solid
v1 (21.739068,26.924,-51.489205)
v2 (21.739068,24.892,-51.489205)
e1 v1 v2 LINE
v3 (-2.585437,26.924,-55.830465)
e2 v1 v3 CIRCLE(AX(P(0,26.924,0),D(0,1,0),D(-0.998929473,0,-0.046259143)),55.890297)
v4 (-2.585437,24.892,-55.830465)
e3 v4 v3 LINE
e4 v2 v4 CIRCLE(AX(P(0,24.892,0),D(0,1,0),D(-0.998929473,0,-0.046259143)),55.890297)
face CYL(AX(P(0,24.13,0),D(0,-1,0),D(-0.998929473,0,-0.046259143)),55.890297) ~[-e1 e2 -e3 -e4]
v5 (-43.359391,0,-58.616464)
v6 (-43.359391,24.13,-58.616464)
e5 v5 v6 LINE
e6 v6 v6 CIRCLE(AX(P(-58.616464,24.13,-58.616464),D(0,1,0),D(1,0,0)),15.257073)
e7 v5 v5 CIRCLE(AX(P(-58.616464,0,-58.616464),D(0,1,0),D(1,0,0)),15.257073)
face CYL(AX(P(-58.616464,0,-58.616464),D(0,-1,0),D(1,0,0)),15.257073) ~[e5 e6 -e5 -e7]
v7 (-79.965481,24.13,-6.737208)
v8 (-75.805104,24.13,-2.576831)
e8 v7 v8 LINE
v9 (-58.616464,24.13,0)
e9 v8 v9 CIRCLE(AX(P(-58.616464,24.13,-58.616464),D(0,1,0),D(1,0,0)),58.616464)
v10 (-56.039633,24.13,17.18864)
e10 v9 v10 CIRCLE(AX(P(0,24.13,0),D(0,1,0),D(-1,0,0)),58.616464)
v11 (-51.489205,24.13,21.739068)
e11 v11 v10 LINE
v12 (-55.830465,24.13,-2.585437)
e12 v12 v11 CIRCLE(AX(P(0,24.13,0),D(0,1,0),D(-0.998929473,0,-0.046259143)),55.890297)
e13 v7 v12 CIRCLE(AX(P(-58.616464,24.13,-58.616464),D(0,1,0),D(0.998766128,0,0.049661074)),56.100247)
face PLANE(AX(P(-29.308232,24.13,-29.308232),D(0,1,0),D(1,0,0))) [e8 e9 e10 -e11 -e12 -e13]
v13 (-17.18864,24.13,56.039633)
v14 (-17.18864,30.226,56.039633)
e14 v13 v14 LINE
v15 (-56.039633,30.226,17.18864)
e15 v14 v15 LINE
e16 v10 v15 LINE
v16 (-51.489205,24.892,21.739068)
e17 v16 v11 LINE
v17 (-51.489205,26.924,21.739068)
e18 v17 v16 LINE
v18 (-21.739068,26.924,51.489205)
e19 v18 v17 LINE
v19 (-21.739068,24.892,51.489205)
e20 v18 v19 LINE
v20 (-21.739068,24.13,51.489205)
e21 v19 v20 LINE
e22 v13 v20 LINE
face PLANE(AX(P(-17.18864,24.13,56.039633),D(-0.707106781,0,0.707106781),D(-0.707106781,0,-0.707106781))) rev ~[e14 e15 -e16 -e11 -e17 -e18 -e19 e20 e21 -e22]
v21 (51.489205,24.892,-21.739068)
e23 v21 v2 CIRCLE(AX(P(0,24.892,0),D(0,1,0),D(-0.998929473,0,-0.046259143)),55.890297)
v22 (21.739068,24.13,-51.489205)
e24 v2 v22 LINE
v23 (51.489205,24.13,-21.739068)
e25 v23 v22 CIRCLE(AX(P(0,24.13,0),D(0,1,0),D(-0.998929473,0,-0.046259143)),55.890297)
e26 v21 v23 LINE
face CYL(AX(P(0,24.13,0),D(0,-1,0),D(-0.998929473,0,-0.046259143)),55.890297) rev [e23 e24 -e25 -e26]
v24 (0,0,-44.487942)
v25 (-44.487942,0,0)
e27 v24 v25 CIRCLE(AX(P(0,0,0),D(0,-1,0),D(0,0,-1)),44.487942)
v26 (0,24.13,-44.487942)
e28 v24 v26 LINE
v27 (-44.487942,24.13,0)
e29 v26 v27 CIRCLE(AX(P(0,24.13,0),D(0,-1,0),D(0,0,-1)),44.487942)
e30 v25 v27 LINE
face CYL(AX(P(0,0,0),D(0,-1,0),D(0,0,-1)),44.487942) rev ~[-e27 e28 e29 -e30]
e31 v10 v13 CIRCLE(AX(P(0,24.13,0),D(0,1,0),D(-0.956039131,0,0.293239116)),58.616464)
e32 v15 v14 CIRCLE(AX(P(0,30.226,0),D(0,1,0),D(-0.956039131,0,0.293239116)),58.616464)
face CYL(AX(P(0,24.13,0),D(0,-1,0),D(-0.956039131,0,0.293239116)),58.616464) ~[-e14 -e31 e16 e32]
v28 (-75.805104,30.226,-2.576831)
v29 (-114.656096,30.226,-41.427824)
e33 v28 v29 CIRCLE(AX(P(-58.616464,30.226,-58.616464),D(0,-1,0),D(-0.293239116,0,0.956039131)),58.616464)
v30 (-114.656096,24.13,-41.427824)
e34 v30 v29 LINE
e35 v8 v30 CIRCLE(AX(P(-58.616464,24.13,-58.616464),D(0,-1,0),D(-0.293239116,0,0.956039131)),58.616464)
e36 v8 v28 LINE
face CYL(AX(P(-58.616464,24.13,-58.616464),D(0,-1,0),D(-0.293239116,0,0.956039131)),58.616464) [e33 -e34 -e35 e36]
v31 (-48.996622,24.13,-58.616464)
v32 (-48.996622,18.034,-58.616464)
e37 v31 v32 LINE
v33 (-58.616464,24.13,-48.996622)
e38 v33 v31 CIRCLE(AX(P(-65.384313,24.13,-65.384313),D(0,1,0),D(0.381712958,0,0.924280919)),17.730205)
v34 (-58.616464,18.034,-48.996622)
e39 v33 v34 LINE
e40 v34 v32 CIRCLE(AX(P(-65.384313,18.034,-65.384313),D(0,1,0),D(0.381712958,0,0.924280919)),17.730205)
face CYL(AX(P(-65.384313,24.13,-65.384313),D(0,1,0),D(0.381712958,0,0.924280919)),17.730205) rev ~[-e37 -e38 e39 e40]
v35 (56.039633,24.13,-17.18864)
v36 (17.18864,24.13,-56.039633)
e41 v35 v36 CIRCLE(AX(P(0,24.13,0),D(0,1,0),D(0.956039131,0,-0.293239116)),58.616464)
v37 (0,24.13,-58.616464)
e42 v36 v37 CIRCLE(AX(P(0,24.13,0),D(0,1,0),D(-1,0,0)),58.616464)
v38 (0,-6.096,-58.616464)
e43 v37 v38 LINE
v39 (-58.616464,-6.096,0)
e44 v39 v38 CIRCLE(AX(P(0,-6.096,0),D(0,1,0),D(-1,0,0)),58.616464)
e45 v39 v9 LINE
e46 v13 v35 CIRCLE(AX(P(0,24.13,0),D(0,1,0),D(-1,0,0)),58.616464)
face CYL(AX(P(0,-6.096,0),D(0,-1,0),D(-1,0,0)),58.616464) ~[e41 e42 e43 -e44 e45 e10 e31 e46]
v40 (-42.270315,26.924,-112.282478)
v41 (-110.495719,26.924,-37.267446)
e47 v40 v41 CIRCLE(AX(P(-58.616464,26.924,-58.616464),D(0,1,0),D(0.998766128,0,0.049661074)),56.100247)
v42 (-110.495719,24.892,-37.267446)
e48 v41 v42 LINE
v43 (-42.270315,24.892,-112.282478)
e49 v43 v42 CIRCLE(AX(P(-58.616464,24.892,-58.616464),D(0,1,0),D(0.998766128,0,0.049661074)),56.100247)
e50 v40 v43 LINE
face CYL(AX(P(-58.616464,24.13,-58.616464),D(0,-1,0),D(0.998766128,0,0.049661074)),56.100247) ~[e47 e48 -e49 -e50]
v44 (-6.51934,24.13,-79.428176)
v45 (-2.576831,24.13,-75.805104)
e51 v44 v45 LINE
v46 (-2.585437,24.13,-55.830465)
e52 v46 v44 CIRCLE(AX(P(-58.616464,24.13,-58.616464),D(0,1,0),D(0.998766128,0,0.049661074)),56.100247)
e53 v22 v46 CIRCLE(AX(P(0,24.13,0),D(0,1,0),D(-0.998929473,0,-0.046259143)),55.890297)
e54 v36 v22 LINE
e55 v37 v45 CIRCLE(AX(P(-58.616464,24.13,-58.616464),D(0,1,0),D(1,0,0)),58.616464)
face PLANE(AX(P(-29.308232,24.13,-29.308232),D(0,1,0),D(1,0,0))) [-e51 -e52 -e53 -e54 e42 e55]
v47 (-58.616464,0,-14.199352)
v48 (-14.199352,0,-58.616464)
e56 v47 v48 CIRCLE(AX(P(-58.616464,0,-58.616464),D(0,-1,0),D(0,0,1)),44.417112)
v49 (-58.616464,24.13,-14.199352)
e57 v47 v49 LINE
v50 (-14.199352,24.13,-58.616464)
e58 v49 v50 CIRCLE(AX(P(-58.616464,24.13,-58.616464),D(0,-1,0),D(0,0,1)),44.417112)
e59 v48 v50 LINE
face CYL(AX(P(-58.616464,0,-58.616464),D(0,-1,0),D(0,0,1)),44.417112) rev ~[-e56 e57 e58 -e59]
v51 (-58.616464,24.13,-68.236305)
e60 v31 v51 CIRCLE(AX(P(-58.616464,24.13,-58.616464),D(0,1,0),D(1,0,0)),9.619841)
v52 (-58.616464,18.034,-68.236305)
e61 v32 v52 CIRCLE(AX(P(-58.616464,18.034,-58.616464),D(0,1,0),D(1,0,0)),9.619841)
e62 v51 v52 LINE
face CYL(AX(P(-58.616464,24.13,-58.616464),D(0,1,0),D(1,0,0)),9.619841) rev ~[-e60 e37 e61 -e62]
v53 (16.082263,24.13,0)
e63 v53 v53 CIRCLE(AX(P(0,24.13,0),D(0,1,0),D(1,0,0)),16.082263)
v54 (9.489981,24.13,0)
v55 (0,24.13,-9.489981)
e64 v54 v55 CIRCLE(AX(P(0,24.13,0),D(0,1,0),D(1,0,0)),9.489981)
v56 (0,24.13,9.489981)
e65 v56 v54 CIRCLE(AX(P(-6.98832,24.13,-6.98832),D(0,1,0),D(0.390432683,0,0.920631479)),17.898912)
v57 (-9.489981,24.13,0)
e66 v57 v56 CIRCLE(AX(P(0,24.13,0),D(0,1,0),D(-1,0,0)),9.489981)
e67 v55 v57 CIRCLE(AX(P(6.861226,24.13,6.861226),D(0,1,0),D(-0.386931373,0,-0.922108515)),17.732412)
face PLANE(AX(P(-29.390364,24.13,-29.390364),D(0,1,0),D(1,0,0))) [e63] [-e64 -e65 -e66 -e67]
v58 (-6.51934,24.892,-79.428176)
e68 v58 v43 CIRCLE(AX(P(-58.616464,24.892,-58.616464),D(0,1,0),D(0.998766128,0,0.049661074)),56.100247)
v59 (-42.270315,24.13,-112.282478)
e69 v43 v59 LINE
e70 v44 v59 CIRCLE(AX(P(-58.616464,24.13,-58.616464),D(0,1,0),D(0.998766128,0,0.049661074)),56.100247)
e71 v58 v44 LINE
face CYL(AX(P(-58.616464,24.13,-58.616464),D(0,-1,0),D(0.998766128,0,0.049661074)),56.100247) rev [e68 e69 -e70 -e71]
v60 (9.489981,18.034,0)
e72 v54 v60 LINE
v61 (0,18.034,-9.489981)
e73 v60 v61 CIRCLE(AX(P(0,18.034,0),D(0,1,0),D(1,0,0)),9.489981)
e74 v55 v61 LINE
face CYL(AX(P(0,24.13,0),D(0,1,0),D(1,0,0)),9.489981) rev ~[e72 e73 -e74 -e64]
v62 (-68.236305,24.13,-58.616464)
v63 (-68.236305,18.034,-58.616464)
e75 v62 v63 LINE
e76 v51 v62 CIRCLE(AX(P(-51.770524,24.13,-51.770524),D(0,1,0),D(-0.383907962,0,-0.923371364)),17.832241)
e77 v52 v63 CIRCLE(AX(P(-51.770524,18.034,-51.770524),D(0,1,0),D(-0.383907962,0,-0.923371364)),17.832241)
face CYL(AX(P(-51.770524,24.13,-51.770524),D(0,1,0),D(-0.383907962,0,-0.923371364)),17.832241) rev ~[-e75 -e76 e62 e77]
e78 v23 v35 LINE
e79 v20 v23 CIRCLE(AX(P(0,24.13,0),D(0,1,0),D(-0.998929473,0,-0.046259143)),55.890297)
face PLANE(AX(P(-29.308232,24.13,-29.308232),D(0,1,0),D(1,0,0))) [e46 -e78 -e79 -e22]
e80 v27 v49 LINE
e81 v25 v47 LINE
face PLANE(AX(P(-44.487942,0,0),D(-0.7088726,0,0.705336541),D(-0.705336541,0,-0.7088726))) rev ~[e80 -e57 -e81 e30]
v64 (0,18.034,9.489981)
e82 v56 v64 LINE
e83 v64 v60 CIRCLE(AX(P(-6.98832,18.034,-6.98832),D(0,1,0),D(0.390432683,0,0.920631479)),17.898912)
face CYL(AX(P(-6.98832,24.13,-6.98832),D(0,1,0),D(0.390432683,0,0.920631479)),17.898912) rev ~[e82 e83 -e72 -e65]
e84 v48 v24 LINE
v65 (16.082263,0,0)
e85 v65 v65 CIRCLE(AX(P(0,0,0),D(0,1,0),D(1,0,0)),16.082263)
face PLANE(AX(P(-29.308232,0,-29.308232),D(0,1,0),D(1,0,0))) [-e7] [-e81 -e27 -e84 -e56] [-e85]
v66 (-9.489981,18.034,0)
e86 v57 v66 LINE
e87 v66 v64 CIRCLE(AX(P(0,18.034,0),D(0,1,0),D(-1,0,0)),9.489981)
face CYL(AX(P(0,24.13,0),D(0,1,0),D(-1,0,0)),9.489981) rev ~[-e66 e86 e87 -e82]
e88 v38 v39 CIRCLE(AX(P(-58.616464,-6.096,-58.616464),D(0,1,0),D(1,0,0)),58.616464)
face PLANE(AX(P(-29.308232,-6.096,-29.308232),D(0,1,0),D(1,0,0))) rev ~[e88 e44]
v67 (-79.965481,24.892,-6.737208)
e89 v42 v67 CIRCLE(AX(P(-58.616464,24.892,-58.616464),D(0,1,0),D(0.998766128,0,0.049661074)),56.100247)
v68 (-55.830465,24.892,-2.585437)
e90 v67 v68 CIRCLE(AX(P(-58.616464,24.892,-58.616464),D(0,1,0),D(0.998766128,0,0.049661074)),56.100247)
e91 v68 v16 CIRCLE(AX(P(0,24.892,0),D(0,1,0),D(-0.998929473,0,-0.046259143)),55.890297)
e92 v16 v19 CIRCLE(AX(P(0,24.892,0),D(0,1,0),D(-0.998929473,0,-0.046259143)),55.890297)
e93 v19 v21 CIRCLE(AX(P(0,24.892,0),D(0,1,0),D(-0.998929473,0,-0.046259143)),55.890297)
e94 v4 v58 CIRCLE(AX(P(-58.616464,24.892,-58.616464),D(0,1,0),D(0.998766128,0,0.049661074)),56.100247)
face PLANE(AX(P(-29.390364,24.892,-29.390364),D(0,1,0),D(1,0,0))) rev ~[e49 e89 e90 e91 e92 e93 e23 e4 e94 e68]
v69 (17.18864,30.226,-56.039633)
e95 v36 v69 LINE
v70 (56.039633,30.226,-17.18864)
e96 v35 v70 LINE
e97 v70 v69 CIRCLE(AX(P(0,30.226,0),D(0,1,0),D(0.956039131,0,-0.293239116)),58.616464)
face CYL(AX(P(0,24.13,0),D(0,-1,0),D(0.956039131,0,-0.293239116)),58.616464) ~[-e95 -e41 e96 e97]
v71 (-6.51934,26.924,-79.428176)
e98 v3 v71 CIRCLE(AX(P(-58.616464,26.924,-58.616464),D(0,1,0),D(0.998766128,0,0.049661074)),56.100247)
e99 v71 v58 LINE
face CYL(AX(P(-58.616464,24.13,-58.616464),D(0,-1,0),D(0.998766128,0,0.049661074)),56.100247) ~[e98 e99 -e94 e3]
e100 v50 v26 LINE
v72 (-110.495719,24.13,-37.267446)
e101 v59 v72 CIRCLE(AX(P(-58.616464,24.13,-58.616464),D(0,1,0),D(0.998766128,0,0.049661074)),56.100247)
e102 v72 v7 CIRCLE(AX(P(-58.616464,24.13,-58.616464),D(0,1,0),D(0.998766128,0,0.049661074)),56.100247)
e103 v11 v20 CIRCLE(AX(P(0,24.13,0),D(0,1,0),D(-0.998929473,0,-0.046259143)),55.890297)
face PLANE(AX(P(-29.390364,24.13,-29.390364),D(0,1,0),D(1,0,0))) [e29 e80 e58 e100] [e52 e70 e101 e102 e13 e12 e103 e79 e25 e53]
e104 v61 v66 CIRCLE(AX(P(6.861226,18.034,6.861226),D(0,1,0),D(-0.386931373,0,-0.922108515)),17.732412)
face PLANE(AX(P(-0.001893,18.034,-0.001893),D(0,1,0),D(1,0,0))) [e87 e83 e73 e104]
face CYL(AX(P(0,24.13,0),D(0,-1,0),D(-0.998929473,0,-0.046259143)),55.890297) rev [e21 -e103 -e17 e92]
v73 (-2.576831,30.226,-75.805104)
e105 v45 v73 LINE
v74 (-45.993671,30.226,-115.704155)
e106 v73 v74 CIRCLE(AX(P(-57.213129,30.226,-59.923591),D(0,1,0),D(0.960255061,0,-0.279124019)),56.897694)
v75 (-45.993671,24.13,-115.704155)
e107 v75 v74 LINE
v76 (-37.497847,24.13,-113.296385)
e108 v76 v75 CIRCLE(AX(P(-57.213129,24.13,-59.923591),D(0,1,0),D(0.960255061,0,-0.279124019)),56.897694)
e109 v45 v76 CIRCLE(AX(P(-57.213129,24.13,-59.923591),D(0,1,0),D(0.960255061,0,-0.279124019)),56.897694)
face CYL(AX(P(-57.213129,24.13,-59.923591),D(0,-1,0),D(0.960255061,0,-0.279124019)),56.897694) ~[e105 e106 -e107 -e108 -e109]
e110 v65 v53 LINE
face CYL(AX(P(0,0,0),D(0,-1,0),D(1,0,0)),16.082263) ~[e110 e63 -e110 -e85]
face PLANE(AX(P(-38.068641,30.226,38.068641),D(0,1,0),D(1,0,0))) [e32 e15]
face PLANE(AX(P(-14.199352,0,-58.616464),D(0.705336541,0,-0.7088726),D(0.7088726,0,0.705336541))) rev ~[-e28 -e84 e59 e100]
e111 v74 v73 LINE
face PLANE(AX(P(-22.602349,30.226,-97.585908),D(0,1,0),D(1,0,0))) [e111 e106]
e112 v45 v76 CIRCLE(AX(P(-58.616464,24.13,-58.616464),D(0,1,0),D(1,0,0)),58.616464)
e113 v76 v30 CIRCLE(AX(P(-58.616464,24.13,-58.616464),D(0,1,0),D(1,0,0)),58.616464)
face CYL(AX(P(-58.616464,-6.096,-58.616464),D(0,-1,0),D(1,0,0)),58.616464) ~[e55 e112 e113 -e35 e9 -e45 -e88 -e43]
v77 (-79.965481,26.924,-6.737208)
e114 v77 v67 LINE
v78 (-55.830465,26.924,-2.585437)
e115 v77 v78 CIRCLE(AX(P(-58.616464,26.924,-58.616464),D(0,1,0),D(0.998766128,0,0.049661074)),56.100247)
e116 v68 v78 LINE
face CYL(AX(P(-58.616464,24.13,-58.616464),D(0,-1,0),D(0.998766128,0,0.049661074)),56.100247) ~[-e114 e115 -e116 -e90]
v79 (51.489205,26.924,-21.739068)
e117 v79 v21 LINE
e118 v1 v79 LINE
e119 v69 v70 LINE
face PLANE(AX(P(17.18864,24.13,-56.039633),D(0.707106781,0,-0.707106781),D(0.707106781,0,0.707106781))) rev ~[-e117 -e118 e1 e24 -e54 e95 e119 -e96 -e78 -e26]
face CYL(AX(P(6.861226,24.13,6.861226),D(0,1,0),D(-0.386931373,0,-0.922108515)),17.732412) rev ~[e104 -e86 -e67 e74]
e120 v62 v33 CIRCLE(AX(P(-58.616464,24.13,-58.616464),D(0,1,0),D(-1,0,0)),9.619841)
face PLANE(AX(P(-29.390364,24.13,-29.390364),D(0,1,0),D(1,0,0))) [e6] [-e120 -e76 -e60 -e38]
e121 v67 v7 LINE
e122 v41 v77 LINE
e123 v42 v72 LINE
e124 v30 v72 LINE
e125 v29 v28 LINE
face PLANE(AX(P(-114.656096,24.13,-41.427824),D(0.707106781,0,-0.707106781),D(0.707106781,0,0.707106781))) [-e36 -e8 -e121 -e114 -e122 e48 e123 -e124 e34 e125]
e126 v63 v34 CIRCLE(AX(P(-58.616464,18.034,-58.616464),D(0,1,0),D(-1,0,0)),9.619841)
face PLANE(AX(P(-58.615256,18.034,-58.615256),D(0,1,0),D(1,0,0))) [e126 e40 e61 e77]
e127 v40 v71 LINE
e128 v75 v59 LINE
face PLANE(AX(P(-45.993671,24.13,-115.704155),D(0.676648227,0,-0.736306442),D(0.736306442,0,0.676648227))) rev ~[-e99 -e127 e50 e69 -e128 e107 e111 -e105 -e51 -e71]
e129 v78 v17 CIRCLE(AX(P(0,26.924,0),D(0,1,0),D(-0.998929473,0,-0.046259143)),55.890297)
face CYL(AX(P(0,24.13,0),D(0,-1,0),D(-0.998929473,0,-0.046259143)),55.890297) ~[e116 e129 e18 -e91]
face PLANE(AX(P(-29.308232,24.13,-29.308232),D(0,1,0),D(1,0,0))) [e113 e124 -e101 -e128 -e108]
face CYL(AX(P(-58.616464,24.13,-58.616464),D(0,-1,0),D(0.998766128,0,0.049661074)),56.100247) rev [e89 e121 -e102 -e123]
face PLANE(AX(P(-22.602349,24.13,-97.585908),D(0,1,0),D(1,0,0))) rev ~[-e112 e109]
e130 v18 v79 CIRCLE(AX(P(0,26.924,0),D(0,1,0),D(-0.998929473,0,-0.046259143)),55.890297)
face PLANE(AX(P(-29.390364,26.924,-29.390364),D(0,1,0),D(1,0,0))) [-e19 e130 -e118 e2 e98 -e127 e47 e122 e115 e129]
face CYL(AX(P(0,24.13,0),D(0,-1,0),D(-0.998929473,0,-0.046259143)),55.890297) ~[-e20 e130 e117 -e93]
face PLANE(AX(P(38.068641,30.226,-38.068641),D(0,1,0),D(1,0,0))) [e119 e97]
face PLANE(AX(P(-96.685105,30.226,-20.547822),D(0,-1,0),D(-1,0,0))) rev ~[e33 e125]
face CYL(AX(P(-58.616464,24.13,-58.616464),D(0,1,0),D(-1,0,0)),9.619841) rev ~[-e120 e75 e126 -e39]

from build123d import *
from build123d.topology import SkipClean

# Parameters (mm, degrees)
BOSS_EXTRUDE1_DEPTH   = 24.13
SKETCH1_R             = 15.25707278
BOSS_EXTRUDE1_2_DEPTH = 24.13
SKETCH1_R_2           = 16.082263277
BOSS_EXTRUDE1_3_DEPTH = 24.13
BOSS_EXTRUDE2_START   = -6.096
BOSS_EXTRUDE2_DEPTH   = 6.096
BOSS_EXTRUDE3_DEPTH   = 6.096
CUT_EXTRUDE2_DEPTH    = 6.096
BOSS_EXTRUDE6_DEPTH   = 2.794
CUT_EXTRUDE3_DEPTH    = 0.762


with BuildPart() as part:
    # Sketch1 → Boss-Extrude1 (new body)
    with BuildSketch(Plane(origin=(0, 0, 0), x_dir=(1, 0, 0), z_dir=(0, 1, 0))):
        with BuildLine():
            ThreePointArc((0, 58.61646355), (-100.064562416, 100.064562416), (-58.61646355, 0))
            ThreePointArc((-58.61646355, 0), (41.448098866, -41.448098866), (0, 58.61646355))
        make_face()
        with BuildLine():
            ThreePointArc((0, 44.487942063), (31.457725514, -31.457725514), (-44.487942063, 0))
            Line((-44.487942063, 0), (-58.61646355, 14.199351912))
            ThreePointArc((-58.61646355, 14.199351912), (-90.024104391, 90.024104391), (-14.199351912, 58.61646355))
            Line((-14.199351912, 58.61646355), (0, 44.487942063))
        make_face(mode=Mode.SUBTRACT)
    extrude(amount=BOSS_EXTRUDE1_DEPTH)



with BuildPart() as body_2:
    # Sketch1 → Boss-Extrude1 2 (new body)
    with BuildSketch(Plane(origin=(0, 0, 0), x_dir=(1, 0, 0), z_dir=(0, 1, 0))):
        with Locations((-58.61646355, 58.61646355)):
            Circle(SKETCH1_R)
    extrude(amount=BOSS_EXTRUDE1_2_DEPTH)


with BuildPart() as body_3:
    # Sketch1 → Boss-Extrude1 3 (new body)
    with BuildSketch(Plane(origin=(0, 0, 0), x_dir=(1, 0, 0), z_dir=(0, 1, 0))):
        Circle(SKETCH1_R_2)
    extrude(amount=BOSS_EXTRUDE1_3_DEPTH)


with BuildPart() as part_1:
    add(part.part)

    add(body_2.part)  # Boss-Extrude2 merges body 2

    add(body_3.part)  # Boss-Extrude2 merges body 3
    # Sketch1<5> → Boss-Extrude2 (add)
    with BuildSketch(Plane(origin=(0, 0, 0), x_dir=(1, 0, 0), z_dir=(0, 1, 0)).offset(BOSS_EXTRUDE2_START)):
        with BuildLine():
            ThreePointArc((0, 58.61646355), (-100.064562416, 100.064562416), (-58.61646355, 0))
            ThreePointArc((-58.61646355, 0), (41.448098866, -41.448098866), (0, 58.61646355))
        make_face()
    extrude(amount=BOSS_EXTRUDE2_DEPTH)

    # Sketch5 → Boss-Extrude3 (add)
    with SkipClean():  # the faces are left unmerged after this step: merging them gives an invalid solid
        with BuildSketch(Plane(origin=(0, 24.13, 0), x_dir=(1, 0, 0), z_dir=(0, 1, 0))):
            with BuildLine():
                Line((-114.656096447, 41.427823582), (-75.805103519, 2.576830654))
                ThreePointArc((-75.805103519, 2.576830654), (-100.064562416, 17.168364685), (-114.656096447, 41.427823582))
            make_face()
            with BuildLine():
                Line((17.188639969, 56.039632897), (56.039632897, 17.188639969))
                ThreePointArc((56.039632897, 17.188639969), (41.448098866, 41.448098866), (17.188639969, 56.039632897))
            make_face()
            with BuildLine():
                Line((-45.993671494, 115.704154646), (-2.576830654, 75.805103519))
                ThreePointArc((-2.576830654, 75.805103519), (-18.713405445, 101.817729032), (-45.993671494, 115.704154646))
            make_face()
            with BuildLine():
                Line((-17.188639969, -56.039632897), (-56.039632897, -17.188639969))
                ThreePointArc((-56.039632897, -17.188639969), (-41.448098866, -41.448098866), (-17.188639969, -56.039632897))
            make_face()
        extrude(amount=BOSS_EXTRUDE3_DEPTH)

    # Sketch6 → Cut-Extrude2 (cut)
    with SkipClean():  # the faces are left unmerged after this step: merging them gives an invalid solid
        with BuildSketch(Plane(origin=(0, 24.13, 0), x_dir=(1, 0, 0), z_dir=(0, 1, 0))):
            with BuildLine():
                ThreePointArc((-9.489981352, 0), (-6.710430167, -6.710430167), (0, -9.489981352))
                ThreePointArc((0, -9.489981352), (5.668121673, -5.668121673), (9.489981352, 0))
                ThreePointArc((9.489981352, 0), (6.710430167, 6.710430167), (0, 9.489981352))
                ThreePointArc((0, 9.489981352), (-5.677482123, 5.677482123), (-9.489981352, 0))
            make_face()
            with BuildLine():
                ThreePointArc((-48.996622209, 58.61646355), (-51.814208504, 65.418718597), (-58.61646355, 68.236304892))
                ThreePointArc((-58.61646355, 68.236304892), (-64.379822748, 64.379822748), (-68.236304892, 58.61646355))
                ThreePointArc((-68.236304892, 58.61646355), (-65.418718597, 51.814208504), (-58.61646355, 48.996622209))
                ThreePointArc((-58.61646355, 48.996622209), (-52.847164261, 52.847164261), (-48.996622209, 58.61646355))
            make_face()
        extrude(amount=-CUT_EXTRUDE2_DEPTH, mode=Mode.SUBTRACT)

    # Sketch7 → Boss-Extrude6 (add)
    with SkipClean():  # the faces are left unmerged after this step: merging them gives an invalid solid
        with BuildSketch(Plane(origin=(0, 24.13, 0), x_dir=(1, 0, 0), z_dir=(0, 1, 0))):
            with BuildLine():
                ThreePointArc((-55.830465051, 2.585437245), (39.520408105, -39.520408105), (-2.585437245, 55.830465051))
                ThreePointArc((-2.585437245, 55.830465051), (-98.285328524, 98.285328524), (-55.830465051, 2.585437245))
            make_face()
        extrude(amount=BOSS_EXTRUDE6_DEPTH)

    # Sketch7<3> → Cut-Extrude3 (cut)
    with SkipClean():  # the faces are left unmerged after this step: merging them gives an invalid solid
        with BuildSketch(Plane(origin=(0, 24.13, 0), x_dir=(1, 0, 0), z_dir=(0, 1, 0))):
            with BuildLine():
                ThreePointArc((-55.830465051, 2.585437245), (39.520408105, -39.520408105), (-2.585437245, 55.830465051))
                ThreePointArc((-2.585437245, 55.830465051), (-98.285328524, 98.285328524), (-55.830465051, 2.585437245))
            make_face()
        extrude(amount=CUT_EXTRUDE3_DEPTH, mode=Mode.SUBTRACT)


solid = part_1.part
